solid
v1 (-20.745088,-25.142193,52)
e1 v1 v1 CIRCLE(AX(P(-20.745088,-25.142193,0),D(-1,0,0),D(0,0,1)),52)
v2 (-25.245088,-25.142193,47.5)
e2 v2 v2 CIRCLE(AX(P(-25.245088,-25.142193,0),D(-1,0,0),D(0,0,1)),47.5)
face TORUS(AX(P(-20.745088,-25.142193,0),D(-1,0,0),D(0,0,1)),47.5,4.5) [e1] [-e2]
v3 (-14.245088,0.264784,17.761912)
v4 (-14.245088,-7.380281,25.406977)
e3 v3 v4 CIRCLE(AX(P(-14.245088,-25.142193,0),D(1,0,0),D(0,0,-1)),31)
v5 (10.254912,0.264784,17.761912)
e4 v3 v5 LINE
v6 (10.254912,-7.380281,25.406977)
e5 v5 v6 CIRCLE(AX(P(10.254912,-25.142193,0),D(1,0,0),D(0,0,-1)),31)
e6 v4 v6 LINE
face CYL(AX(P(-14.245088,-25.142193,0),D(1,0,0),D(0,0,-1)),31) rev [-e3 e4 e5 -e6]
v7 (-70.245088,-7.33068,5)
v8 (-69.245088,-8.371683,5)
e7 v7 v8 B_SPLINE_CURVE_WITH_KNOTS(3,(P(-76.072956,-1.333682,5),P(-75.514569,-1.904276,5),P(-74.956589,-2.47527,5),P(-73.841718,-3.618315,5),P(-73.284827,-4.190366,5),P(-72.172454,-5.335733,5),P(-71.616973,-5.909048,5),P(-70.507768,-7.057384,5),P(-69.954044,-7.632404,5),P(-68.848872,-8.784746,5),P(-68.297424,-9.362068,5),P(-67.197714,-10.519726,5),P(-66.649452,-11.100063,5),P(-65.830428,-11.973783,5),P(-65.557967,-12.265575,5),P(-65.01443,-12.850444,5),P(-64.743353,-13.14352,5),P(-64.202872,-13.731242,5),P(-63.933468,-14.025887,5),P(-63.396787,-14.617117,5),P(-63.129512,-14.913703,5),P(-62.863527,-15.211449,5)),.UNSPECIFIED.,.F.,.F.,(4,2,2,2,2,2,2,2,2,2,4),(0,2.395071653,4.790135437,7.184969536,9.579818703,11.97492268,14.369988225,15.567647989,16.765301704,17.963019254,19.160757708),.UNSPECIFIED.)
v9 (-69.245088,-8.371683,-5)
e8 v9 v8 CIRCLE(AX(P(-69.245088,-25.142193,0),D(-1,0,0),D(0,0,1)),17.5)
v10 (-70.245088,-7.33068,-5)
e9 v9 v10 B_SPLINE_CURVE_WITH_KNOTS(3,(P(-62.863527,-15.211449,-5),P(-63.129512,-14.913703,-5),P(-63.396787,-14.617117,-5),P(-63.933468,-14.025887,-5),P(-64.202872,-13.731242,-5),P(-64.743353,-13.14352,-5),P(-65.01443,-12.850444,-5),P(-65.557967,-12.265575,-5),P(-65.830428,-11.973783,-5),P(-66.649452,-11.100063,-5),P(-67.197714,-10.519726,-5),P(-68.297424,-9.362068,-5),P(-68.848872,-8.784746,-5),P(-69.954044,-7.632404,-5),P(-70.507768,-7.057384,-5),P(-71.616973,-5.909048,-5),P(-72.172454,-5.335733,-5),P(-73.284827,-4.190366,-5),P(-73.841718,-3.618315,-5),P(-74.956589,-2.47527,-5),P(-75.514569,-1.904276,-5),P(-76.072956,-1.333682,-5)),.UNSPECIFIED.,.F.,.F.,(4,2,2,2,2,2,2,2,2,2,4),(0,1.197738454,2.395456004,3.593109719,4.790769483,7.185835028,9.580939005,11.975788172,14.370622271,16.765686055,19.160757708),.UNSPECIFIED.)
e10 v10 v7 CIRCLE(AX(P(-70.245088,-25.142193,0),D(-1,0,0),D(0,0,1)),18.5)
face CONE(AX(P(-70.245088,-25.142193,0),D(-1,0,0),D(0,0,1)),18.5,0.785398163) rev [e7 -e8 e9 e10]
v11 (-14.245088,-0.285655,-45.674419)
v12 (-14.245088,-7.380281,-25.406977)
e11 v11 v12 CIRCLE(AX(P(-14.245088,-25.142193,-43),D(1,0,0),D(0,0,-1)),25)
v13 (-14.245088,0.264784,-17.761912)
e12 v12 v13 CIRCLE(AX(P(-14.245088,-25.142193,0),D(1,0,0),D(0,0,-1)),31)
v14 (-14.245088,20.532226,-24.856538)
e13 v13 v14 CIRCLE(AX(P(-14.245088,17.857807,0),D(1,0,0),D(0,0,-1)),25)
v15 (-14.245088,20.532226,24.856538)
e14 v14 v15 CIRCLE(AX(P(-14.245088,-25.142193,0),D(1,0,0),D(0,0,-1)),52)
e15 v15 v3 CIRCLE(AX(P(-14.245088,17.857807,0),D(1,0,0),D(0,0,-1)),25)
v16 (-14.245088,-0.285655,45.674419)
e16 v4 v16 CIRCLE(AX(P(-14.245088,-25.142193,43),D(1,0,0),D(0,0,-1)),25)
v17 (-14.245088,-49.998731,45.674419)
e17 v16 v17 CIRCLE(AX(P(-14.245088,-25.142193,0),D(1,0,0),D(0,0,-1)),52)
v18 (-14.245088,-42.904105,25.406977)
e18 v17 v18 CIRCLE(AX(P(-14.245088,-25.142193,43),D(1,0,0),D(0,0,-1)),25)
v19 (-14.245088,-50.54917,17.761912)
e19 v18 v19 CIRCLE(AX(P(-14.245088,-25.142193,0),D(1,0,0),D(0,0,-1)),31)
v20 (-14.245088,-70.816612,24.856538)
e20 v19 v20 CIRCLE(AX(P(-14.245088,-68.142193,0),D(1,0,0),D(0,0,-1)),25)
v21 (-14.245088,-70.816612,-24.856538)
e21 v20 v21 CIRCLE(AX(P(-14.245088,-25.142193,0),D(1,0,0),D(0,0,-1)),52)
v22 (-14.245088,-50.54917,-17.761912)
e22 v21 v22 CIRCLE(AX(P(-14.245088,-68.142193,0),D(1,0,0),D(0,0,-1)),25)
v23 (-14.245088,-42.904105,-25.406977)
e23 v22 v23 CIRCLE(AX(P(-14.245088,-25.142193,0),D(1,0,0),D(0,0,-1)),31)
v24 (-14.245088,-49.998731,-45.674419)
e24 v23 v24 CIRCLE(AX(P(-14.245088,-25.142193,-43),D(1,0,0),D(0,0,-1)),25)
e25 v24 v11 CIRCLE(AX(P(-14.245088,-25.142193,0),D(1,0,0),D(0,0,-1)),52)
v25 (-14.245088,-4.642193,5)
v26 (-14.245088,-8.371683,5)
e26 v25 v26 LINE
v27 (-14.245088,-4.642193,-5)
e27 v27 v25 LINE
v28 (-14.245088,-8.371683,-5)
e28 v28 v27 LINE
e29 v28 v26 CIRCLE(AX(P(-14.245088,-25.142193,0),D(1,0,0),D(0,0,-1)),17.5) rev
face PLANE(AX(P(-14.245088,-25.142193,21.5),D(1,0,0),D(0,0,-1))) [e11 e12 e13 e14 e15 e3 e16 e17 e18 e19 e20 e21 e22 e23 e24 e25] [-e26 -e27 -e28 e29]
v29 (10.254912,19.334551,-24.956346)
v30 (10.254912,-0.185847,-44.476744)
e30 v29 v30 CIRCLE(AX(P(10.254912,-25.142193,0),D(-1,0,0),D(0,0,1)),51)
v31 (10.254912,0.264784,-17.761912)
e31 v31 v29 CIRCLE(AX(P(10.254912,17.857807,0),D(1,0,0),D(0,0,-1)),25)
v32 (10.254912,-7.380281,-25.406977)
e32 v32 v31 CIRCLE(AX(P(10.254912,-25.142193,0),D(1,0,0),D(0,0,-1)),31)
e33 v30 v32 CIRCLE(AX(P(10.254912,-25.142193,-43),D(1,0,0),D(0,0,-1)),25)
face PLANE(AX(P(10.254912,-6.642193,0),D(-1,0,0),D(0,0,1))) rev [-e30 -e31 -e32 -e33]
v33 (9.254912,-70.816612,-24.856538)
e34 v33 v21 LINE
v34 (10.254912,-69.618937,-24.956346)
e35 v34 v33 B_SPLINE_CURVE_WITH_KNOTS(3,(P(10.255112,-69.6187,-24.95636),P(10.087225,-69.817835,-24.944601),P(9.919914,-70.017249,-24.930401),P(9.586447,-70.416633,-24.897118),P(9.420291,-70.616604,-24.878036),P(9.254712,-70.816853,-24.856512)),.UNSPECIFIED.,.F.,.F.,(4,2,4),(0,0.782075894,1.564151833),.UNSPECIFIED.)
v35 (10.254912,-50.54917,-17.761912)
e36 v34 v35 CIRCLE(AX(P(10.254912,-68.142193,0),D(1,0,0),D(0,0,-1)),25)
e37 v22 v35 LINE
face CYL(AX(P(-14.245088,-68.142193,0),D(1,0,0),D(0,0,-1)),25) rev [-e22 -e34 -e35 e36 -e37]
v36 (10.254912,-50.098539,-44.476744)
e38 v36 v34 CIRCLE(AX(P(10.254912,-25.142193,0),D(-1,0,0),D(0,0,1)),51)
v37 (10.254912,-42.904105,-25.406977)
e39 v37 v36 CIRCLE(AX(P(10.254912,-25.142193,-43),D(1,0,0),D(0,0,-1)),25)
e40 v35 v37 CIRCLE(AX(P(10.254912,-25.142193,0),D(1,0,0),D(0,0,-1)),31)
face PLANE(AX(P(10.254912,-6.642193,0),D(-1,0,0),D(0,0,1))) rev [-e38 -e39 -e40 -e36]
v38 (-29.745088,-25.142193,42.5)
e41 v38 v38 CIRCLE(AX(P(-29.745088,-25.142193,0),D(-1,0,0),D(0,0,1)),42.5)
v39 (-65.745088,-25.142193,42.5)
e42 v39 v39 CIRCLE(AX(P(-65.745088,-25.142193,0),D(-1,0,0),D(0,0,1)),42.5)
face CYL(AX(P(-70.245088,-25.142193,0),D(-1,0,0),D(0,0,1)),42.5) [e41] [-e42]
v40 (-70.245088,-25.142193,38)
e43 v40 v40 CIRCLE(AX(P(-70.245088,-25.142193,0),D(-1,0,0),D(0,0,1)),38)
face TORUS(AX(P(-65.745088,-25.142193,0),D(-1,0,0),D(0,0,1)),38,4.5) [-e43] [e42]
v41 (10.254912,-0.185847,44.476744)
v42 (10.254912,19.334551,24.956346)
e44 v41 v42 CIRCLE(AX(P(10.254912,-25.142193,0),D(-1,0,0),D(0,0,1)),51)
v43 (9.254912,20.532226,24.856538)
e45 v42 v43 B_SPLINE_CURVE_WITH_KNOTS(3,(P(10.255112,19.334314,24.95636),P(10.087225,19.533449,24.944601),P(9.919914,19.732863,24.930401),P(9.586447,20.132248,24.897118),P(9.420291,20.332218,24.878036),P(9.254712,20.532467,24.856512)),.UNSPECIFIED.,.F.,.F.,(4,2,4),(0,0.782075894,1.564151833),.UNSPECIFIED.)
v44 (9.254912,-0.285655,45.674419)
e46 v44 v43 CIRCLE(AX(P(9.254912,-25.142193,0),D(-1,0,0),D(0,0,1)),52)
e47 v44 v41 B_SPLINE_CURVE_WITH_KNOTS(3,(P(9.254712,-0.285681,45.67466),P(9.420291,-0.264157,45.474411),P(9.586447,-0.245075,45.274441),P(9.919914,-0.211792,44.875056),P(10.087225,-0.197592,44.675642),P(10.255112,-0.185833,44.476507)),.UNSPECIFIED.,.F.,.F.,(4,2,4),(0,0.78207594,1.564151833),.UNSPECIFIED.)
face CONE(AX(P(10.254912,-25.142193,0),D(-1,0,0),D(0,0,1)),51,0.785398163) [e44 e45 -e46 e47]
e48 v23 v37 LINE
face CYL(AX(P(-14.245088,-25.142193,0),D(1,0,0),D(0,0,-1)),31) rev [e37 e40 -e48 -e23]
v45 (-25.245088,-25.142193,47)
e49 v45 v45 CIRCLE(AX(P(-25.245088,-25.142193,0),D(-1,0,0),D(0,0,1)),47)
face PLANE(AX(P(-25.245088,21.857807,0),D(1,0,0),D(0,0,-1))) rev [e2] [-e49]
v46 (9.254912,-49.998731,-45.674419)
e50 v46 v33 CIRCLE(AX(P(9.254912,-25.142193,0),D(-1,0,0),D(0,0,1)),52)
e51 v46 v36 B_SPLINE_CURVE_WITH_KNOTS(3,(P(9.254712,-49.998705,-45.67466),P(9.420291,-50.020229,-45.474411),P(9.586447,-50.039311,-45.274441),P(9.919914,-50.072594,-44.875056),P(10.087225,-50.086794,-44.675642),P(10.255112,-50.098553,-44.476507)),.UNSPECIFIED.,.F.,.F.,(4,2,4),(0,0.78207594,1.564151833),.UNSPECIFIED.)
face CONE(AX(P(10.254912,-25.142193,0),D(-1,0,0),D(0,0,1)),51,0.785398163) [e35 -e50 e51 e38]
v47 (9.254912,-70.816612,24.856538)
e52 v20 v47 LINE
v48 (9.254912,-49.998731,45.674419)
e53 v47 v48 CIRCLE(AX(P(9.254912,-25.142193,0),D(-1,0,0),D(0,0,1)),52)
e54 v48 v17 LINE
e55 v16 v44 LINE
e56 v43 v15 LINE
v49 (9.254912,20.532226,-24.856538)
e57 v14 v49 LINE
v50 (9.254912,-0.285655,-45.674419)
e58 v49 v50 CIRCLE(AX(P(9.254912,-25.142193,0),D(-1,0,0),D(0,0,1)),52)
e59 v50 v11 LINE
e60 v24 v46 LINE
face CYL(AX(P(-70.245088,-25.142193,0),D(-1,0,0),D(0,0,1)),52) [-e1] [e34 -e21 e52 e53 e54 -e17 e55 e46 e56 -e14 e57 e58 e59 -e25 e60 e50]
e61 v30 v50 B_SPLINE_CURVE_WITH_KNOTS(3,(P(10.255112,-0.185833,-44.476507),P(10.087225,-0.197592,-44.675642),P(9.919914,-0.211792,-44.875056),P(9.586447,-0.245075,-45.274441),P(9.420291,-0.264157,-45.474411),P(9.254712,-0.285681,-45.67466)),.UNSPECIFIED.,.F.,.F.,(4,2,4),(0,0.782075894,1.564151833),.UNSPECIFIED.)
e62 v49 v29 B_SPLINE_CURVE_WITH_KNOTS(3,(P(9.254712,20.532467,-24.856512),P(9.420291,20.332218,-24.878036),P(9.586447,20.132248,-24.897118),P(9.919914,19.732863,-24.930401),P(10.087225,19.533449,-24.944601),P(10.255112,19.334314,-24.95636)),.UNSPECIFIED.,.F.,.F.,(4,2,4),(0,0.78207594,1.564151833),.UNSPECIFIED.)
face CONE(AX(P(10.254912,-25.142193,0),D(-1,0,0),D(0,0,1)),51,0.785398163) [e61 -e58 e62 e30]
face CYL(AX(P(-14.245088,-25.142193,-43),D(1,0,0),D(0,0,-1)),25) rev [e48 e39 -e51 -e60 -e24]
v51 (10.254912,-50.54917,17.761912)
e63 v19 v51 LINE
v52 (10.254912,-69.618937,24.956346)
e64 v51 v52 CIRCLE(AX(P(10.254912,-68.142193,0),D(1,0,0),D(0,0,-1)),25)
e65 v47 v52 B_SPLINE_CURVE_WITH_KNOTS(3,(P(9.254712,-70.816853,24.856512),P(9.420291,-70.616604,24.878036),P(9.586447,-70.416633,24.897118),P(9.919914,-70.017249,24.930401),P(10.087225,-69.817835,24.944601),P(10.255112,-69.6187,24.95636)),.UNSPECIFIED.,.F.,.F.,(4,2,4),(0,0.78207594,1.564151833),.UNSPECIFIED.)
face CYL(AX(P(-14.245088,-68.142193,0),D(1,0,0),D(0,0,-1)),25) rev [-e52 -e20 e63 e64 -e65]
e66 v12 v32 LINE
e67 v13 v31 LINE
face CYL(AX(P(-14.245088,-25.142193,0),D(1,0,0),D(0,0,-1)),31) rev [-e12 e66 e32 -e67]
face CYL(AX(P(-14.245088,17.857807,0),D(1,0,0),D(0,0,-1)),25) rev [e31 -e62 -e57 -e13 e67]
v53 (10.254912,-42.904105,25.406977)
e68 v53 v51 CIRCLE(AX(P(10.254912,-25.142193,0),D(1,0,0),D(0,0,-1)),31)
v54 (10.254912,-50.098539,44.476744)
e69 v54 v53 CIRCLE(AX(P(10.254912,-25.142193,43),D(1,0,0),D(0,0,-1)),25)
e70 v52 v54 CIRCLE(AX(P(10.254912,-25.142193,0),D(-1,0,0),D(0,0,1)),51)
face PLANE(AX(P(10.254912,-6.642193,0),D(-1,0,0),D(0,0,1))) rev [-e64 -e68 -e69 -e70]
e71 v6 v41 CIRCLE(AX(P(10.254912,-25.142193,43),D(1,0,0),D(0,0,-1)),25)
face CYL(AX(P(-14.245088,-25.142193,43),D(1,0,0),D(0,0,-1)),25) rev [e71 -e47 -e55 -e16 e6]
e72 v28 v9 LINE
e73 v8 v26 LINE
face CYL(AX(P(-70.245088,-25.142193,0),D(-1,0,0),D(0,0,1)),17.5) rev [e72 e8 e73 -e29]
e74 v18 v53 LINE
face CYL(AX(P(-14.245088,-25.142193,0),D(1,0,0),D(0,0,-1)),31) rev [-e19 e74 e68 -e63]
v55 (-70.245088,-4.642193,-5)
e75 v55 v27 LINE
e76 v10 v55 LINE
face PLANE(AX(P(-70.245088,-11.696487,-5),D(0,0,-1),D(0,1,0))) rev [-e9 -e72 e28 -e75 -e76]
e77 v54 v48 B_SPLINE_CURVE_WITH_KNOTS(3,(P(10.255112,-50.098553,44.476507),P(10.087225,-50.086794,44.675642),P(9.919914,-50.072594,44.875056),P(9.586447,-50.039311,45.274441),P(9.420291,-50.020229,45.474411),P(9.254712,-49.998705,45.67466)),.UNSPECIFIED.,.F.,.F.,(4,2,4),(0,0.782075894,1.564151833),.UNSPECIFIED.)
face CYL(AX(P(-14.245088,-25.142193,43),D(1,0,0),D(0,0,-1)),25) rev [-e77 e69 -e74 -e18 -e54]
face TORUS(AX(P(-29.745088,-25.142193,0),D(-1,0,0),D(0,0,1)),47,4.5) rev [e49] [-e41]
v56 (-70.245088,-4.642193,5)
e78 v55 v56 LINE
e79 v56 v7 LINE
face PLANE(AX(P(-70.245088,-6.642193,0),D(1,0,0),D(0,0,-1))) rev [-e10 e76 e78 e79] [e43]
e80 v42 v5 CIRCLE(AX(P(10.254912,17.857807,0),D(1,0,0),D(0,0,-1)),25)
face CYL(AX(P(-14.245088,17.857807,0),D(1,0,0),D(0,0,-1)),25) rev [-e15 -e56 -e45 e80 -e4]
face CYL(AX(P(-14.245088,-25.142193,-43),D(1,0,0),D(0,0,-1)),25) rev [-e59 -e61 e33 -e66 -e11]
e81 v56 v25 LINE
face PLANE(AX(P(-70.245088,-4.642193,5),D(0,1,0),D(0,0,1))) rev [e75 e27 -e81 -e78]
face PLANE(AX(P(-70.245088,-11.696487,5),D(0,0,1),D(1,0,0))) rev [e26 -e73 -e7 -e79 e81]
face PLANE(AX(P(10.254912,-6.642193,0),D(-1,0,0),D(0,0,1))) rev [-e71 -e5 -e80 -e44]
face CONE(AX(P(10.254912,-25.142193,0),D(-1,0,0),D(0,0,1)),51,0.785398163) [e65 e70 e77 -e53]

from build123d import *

# Parameters (mm, degrees)
CUT_EXTRUDE_1_DEPTH = 24.5
SKETCH_4_W          = 10
SKETCH_4_H          = 7.054294233
CUT_EXTRUDE_2_DEPTH = 109.585993287


with BuildPart() as part:
    # Эскиз1 → Повернуть1 (revolve)
    with BuildSketch(Plane.XY, mode=Mode.PRIVATE) as revolve_1_sk:
        with BuildLine():
            Line((-70.245087719, -6.642192982), (-70.245087719, 12.857807018))
            ThreePointArc((-70.245087719, 12.857807018), (-68.927068235, 16.039787533), (-65.745087719, 17.357807018))
            Line((-65.745087719, 17.357807018), (-29.745087719, 17.357807018))
            ThreePointArc((-29.745087719, 17.357807018), (-26.563107204, 18.675826502), (-25.245087719, 21.857807018))
            Line((-25.245087719, 21.857807018), (-25.245087719, 22.357807018))
            ThreePointArc((-25.245087719, 22.357807018), (-23.927068235, 25.539787533), (-20.745087719, 26.857807018))
            Line((-20.745087719, 26.857807018), (9.254912281, 26.857807018))
            Line((9.254912281, 26.857807018), (10.254912281, 25.857807018))
            Line((10.254912281, 25.857807018), (10.254912281, -6.642192982))
            Line((10.254912281, -6.642192982), (9.254912281, -7.642192982))
            Line((9.254912281, -7.642192982), (-69.245087719, -7.642192982))
            Line((-69.245087719, -7.642192982), (-70.245087719, -6.642192982))
        make_face()
    revolve(revolve_1_sk.sketch.rotate(Axis((-70.245087719, -25.142192982, 0), (1, 0, 0)), 90), axis=Axis((-70.245087719, -25.142192982, 0), (1, 0, 0)))

    # Эскиз3 → Вырез-Вытянуть1 (cut)
    with BuildSketch(Plane(origin=(10.254912281, 0, 0), x_dir=(0, 0, -1), z_dir=(1, 0, 0))):
        with BuildLine():
            ThreePointArc((-17.761912417, -50.549169727), (0, -93.142192982), (17.761912417, -50.549169727))
            ThreePointArc((17.761912417, -50.549169727), (21.920310217, -47.062503199), (25.406976744, -42.9041054))
            ThreePointArc((25.406976744, -42.9041054), (68, -25.142192982), (25.406976744, -7.380280565))
            ThreePointArc((25.406976744, -7.380280565), (21.920310217, -3.221882766), (17.761912417, 0.264783762))
            ThreePointArc((17.761912417, 0.264783762), (0, 42.857807018), (-17.761912417, 0.264783762))
            ThreePointArc((-17.761912417, 0.264783762), (-21.920310217, -3.221882766), (-25.406976744, -7.380280565))
            ThreePointArc((-25.406976744, -7.380280565), (-68, -25.142192982), (-25.406976744, -42.9041054))
            ThreePointArc((-25.406976744, -42.9041054), (-21.920310217, -47.062503199), (-17.761912417, -50.549169727))
        make_face()
    extrude(amount=-CUT_EXTRUDE_1_DEPTH, mode=Mode.SUBTRACT)

    # Эскиз4 → Вырез-Вытянуть2 (cut, through all)
    with BuildSketch(Plane(origin=(-14.245087719, 0, 0), x_dir=(0, 0, -1), z_dir=(1, 0, 0))):
        with Locations((0, -8.169340099)):
            Rectangle(SKETCH_4_W, SKETCH_4_H)
    extrude(amount=-CUT_EXTRUDE_2_DEPTH, mode=Mode.SUBTRACT)


solid = part.part
